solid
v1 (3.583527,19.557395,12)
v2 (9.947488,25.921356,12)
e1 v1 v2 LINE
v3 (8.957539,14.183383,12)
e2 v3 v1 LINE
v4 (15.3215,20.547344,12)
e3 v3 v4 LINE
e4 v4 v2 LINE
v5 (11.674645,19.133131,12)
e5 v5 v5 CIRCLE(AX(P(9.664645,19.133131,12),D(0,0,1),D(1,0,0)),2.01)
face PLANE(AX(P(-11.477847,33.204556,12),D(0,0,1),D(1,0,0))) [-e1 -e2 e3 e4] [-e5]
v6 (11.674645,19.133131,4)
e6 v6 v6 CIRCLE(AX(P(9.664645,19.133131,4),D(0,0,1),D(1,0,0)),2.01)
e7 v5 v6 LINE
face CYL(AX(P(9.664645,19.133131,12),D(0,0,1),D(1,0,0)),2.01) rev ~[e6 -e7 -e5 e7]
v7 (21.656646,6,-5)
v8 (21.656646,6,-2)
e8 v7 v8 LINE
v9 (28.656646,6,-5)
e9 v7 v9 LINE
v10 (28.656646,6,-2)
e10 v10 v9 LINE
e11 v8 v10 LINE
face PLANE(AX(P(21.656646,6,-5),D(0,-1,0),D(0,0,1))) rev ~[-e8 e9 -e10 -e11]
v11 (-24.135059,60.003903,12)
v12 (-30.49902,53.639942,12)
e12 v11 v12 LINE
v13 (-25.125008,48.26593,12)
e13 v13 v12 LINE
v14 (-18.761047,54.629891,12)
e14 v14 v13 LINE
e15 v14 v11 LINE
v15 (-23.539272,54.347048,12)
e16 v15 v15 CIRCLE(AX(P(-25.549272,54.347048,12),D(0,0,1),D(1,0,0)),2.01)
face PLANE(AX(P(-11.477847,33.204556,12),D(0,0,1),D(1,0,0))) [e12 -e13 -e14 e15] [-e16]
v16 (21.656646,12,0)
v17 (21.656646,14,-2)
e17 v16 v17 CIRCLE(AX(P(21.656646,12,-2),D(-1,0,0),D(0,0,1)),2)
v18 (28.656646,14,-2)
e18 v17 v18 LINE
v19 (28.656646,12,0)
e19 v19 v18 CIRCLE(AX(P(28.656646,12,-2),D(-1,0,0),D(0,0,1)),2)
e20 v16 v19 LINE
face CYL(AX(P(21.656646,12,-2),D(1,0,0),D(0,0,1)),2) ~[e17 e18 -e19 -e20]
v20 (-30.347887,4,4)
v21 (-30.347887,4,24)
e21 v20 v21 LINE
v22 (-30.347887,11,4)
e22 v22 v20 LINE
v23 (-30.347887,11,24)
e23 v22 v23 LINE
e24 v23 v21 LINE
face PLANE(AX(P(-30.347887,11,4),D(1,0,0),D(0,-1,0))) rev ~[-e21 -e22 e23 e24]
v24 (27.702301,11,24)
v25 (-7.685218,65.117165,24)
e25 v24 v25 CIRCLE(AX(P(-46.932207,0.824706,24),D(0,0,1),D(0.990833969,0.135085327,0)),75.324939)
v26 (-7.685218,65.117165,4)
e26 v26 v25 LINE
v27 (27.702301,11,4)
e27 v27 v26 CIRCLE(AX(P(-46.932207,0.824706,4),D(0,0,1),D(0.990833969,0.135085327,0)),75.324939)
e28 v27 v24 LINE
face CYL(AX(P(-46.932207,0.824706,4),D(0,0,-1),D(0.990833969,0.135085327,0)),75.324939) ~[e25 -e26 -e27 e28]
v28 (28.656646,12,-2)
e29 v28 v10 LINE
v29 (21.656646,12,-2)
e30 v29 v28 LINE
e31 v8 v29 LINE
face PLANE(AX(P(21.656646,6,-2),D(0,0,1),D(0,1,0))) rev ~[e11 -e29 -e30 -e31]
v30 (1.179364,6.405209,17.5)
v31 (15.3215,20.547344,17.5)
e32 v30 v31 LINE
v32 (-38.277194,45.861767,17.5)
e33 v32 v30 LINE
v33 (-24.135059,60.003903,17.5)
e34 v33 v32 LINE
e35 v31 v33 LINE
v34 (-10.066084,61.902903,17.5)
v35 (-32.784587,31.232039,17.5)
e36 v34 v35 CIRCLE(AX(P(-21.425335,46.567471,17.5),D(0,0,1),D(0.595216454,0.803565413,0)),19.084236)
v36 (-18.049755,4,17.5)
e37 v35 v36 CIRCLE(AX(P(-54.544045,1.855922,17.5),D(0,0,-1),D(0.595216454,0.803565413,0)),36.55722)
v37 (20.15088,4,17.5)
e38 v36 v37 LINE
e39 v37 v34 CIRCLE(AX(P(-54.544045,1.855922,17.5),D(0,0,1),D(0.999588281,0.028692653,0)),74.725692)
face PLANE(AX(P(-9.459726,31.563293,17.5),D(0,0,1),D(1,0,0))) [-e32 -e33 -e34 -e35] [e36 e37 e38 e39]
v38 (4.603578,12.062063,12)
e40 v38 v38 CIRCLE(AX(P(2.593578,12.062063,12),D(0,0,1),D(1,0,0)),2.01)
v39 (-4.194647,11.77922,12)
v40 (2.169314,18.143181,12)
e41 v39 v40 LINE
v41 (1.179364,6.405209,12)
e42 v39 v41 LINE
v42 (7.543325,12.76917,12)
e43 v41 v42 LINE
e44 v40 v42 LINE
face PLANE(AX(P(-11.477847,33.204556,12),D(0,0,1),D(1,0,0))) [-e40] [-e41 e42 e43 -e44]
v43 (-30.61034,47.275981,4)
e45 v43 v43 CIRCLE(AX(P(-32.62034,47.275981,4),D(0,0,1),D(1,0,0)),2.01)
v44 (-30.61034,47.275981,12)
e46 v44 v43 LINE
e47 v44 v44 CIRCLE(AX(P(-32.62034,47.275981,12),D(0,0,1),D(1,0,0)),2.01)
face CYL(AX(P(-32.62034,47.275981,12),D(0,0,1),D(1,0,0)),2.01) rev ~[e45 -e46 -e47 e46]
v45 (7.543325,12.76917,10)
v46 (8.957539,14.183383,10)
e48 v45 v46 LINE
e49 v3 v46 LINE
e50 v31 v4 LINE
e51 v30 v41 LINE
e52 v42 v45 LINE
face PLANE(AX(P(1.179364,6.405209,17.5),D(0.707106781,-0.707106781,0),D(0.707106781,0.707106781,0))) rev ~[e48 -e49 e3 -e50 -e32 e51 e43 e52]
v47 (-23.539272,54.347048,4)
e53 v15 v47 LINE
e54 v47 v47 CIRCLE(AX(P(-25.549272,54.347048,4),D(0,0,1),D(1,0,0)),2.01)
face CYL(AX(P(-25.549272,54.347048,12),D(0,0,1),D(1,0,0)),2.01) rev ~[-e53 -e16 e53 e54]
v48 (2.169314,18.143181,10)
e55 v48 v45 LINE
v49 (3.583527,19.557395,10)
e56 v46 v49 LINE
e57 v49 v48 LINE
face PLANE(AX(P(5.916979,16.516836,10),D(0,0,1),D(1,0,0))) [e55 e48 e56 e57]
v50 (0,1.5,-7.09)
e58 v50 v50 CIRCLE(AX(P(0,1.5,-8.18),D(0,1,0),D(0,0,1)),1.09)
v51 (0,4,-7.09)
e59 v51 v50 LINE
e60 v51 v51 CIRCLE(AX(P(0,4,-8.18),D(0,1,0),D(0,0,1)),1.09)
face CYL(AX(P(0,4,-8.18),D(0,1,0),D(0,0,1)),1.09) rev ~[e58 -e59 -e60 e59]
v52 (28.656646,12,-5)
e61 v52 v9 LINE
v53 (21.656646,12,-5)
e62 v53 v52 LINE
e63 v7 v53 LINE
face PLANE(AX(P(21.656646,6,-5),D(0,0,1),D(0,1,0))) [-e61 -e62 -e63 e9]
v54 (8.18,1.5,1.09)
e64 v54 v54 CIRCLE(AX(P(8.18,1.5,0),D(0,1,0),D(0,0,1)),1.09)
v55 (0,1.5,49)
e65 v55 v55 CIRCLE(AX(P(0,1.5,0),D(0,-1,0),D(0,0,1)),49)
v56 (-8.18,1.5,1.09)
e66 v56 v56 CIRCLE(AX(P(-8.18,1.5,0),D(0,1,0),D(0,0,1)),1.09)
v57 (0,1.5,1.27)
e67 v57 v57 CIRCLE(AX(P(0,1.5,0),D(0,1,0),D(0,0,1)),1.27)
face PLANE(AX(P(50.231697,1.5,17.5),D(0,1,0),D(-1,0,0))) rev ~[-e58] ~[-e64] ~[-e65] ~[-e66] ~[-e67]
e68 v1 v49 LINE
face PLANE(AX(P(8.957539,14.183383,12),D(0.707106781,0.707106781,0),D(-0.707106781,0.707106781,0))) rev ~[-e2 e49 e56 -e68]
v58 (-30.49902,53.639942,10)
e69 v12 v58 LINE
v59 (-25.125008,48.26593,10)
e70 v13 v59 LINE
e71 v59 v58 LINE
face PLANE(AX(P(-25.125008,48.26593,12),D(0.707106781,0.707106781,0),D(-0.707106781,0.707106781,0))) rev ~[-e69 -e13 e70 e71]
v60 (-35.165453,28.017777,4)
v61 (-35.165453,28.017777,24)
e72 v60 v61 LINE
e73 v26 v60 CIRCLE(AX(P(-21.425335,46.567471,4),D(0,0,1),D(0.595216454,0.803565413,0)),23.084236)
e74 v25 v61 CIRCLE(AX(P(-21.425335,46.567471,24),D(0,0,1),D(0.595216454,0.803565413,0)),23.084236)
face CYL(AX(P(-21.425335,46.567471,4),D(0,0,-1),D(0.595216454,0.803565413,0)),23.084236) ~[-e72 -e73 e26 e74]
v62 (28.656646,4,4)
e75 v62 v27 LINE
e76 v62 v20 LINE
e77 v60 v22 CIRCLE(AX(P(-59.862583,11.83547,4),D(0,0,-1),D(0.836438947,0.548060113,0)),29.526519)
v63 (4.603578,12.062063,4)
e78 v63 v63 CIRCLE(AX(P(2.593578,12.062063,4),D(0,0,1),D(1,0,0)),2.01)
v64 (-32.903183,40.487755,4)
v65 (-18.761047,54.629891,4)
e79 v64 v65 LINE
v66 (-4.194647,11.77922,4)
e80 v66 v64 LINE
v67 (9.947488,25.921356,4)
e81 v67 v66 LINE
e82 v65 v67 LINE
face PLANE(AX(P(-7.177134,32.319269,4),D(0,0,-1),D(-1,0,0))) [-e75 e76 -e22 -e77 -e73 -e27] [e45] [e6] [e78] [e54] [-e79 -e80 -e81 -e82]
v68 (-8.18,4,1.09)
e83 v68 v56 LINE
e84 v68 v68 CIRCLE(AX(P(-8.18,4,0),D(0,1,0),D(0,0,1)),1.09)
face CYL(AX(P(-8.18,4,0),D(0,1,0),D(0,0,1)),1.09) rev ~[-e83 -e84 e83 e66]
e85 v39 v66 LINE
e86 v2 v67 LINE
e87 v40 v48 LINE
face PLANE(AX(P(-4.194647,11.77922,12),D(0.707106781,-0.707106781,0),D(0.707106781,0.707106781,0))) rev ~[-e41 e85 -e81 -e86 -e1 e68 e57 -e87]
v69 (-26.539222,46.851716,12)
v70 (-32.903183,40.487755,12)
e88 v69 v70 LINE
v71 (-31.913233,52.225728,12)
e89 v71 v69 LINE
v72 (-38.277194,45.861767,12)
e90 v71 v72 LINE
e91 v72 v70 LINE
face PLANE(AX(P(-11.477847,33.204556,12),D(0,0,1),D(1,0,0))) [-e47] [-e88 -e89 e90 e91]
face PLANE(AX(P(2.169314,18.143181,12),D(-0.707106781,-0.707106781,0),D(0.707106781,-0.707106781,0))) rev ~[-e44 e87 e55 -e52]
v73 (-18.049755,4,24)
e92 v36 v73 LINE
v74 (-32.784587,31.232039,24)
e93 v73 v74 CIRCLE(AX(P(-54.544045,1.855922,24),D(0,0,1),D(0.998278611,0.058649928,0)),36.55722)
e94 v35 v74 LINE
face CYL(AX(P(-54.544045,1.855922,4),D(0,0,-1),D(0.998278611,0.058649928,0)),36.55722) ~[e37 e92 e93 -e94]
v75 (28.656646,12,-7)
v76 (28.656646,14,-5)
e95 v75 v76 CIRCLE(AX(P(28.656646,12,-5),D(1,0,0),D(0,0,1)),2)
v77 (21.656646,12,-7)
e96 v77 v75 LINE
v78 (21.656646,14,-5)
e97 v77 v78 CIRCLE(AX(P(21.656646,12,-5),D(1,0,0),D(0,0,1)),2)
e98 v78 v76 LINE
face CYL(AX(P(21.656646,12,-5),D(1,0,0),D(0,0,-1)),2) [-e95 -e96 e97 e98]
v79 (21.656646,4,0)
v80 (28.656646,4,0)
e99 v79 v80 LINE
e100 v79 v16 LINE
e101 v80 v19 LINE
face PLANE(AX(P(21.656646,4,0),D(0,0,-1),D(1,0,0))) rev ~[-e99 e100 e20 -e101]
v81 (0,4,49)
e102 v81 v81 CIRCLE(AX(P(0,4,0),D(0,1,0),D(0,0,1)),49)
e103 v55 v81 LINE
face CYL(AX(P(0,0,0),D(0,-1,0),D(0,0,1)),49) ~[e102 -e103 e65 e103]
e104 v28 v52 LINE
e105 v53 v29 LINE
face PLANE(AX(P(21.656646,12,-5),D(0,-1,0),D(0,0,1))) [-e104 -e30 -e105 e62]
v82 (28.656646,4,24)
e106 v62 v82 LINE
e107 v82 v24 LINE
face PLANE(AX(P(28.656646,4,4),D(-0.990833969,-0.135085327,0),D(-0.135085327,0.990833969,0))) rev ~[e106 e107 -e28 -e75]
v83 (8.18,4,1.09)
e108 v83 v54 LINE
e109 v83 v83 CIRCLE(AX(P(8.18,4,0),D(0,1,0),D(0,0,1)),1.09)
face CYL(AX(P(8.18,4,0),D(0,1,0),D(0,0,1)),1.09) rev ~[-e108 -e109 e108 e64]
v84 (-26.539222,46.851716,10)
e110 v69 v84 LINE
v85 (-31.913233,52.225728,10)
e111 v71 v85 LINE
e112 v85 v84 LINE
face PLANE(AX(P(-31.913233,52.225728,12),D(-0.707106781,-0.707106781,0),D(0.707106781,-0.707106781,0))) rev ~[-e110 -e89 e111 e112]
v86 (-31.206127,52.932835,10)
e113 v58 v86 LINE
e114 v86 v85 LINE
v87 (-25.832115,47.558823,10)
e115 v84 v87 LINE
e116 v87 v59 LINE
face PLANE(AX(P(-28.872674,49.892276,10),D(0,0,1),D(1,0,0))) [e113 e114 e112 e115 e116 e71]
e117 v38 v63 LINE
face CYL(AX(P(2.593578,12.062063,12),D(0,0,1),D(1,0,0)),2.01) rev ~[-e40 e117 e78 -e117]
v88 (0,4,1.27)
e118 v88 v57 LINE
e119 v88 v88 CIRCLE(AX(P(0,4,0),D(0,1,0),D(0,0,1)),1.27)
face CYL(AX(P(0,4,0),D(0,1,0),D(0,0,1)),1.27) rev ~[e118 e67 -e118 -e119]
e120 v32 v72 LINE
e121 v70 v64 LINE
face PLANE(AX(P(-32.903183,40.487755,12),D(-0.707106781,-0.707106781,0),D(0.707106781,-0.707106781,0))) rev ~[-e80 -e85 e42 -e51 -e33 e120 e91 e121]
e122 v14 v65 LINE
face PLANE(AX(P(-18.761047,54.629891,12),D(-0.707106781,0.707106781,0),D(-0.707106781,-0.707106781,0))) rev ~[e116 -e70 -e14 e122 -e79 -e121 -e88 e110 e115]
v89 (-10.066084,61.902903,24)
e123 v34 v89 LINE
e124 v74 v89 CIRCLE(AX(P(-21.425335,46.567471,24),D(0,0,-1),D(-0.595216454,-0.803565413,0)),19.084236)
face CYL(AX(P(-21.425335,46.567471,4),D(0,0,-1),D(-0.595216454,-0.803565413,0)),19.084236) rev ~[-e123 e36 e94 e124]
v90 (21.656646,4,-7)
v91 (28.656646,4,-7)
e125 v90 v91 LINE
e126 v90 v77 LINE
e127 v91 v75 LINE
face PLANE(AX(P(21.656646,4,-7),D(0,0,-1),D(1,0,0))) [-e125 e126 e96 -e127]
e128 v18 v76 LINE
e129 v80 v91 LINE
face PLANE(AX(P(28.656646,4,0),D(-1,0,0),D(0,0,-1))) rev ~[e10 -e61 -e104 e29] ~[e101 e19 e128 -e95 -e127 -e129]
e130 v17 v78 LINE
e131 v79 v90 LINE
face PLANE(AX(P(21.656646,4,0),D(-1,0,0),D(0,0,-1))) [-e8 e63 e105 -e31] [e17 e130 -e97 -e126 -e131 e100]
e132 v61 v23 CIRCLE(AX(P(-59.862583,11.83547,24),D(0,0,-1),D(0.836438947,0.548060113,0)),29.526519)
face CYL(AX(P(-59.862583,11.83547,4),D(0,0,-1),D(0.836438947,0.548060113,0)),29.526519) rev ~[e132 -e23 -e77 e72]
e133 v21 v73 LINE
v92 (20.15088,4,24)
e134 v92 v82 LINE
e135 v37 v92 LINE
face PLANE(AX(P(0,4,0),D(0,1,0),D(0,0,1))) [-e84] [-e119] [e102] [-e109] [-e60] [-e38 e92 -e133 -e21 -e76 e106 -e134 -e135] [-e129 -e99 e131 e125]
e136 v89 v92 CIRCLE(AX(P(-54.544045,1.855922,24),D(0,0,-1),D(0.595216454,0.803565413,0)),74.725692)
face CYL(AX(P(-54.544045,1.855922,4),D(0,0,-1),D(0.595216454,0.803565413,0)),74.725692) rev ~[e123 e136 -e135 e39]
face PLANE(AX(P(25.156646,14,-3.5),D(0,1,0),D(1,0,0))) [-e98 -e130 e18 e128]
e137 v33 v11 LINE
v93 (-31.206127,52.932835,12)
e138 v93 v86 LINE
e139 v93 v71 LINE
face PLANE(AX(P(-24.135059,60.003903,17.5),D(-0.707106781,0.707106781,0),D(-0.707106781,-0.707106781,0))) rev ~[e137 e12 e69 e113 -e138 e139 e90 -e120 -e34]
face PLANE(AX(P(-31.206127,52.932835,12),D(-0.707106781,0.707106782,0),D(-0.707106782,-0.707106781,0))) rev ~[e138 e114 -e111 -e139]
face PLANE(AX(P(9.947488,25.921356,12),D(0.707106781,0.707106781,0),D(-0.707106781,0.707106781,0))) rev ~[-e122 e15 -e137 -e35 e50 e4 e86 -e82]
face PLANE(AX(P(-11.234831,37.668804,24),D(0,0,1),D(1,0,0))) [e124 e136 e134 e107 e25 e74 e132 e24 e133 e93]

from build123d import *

# Parameters (mm, degrees)
SKETCH1_R           = 49
BOSS_EXTRUDE1_DEPTH = 4
BOSS_EXTRUDE2_DEPTH = 20
BOSS_EXTRUDE3_DEPTH = 13.5
SKETCH3_4_R         = 6
BOSS_EXTRUDE4_DEPTH = 13.5
CUT_EXTRUDE5_DEPTH  = 5.5
CUT_EXTRUDE6_DEPTH  = 9
SKETCH11_W          = 7
SKETCH11_H          = 7
BOSS_EXTRUDE5_DEPTH = 10
CUT_EXTRUDE9_REACH  = 112.656
SKETCH12_W          = 3
SKETCH12_H          = 6
FILLET1_R           = 2
CUT_EXTRUDE10_REACH = 97.458
SKETCH13_R          = 1.27
CUT_EXTRUDE11_DEPTH = 95
CUT_EXTRUDE12_DEPTH = 2
CUT_EXTRUDE13_DEPTH = 2
CUT_EXTRUDE14_REACH = 97.458
SKETCH17_R          = 1.09
CUT_EXTRUDE15_REACH = 106.754
SKETCH18_R          = 2.01


with BuildPart() as part:
    # Sketch1 → Boss-Extrude1 (new body)
    with BuildSketch(Plane(origin=(0, 0, 0), x_dir=(1, 0, 0), z_dir=(0, 1, 0))):
        with Locations(Location((0, 0, 0), (0, 0, 270))):
            Circle(SKETCH1_R)
    extrude(amount=BOSS_EXTRUDE1_DEPTH)

    # Sketch3 → Boss-Extrude2 (add)
    with BuildSketch(Plane.XY.offset(4)):
        with BuildLine():
            Line((-30.347886599, 11), (-30.347886599, 4))
            Line((-30.347886599, 4), (-18.049754955, 4))
            ThreePointArc((-18.049754955, 4), (-22.391739007, 19.253033546), (-32.784586802, 31.232039038))
            ThreePointArc((-32.784586802, 31.232039038), (-36.760767526, 57.926722426), (-10.066084138, 61.902903149))
            ThreePointArc((-10.066084138, 61.902903149), (11.703451168, 36.427560581), (20.150880429, 4))
            Line((20.150880429, 4), (28.656645727, 4))
            Line((28.656645727, 4), (27.702300884, 11))
            ThreePointArc((27.702300884, 11), (16.110760067, 42.048857672), (-7.685218322, 65.117164801))
            ThreePointArc((-7.685218322, 65.117164801), (-39.975029178, 60.307588242), (-35.165452618, 28.017777386))
            ThreePointArc((-35.165452618, 28.017777386), (-31.452519142, 19.87808091), (-30.347886599, 11))
        make_face()
    extrude(amount=BOSS_EXTRUDE2_DEPTH)

    # Sketch3<3> → Boss-Extrude3 (add)
    with BuildSketch(Plane.XY.offset(4)):
        with BuildLine():
            ThreePointArc((-32.784586802, 31.232039038), (-22.391739007, 19.253033546), (-18.049754955, 4))
            Line((-18.049754955, 4), (20.150880429, 4))
            ThreePointArc((20.150880429, 4), (11.703451168, 36.427560581), (-10.066084138, 61.902903149))
            ThreePointArc((-10.066084138, 61.902903149), (-36.760767526, 57.926722426), (-32.784586802, 31.232039038))
        make_face()
        Polygon((14.142135624, 25.142135624), (0, 11), (-28.496403282, 39.496403282), (-14.354267658, 53.638538906), align=None, mode=Mode.SUBTRACT)
    extrude(amount=BOSS_EXTRUDE3_DEPTH)

    # Sketch3<4> → Boss-Extrude4 (add)
    # profile 1 of 2: a face of its own
    with BuildSketch(Plane.XY.offset(4)):
        Polygon((-28.496403282, 39.496403282), (-14.354267658, 53.638538906), (14.142135624, 25.142135624), (0, 11), align=None)
        with Locations((-14.297699116, 39.439834739)):
            Circle(SKETCH3_4_R, mode=Mode.SUBTRACT)
    # profile 2 of 2: a face of its own
    with BuildSketch(Plane.XY.offset(4)):
        with Locations((-14.297699116, 39.439834739)):
            Circle(SKETCH3_4_R)
    extrude(amount=BOSS_EXTRUDE4_DEPTH)

    # Sketch5 → Cut-Extrude5 (cut)
    with BuildSketch(Plane.XY.offset(17.5)):
        Polygon((15.321499667, 20.547344219), (-24.135058723, 60.003902609), (-38.277194347, 45.861766985), (1.179364043, 6.405208595), align=None)
    extrude(amount=-CUT_EXTRUDE5_DEPTH, mode=Mode.SUBTRACT)

    # Sketch8 → Cut-Extrude6 (cut)
    with BuildSketch(Plane.XY.offset(12)):
        Polygon((-18.761047186, 54.629891072), (-32.90318281, 40.487755448), (-4.194647494, 11.779220132), (9.94748813, 25.921355756), align=None)
    extrude(amount=-CUT_EXTRUDE6_DEPTH, mode=Mode.SUBTRACT)

    # Sketch11 → Boss-Extrude5 (add)
    with BuildSketch(Plane(origin=(0, 4, 0), x_dir=(1, 0, 0), z_dir=(0, 1, 0))):
        with Locations((25.156645727, 3.5)):
            Rectangle(SKETCH11_W, SKETCH11_H)
    extrude(amount=BOSS_EXTRUDE5_DEPTH)

    # Sketch12 → Cut-Extrude9 (cut, up to next)
    with BuildSketch(Plane.ZY.offset(-21.656645727), mode=Mode.PRIVATE) as cut_extrude9_sk1:
        with Locations((-3.5, 9)):
            Rectangle(SKETCH12_W, SKETCH12_H)
    cut_extrude9_tool1 = extrude(cut_extrude9_sk1.sketch, amount=-CUT_EXTRUDE9_REACH, mode=Mode.PRIVATE) & part.part
    add(cut_extrude9_tool1.solids().sort_by_distance((21.656646, 9, -3.5))[0], mode=Mode.SUBTRACT)

    # Fillet1
    fillet1_edges = [part.edges().sort_by_distance(p)[0] for p in [
        (25.156645727, 14, 0),
        (25.156645727, 14, -7),
    ]]
    fillet(fillet1_edges, radius=FILLET1_R)

    # Sketch13 → Cut-Extrude10 (cut, up to next)
    with BuildSketch(Plane(origin=(0, 4, 0), x_dir=(1, 0, 0), z_dir=(0, 1, 0)), mode=Mode.PRIVATE) as cut_extrude10_sk1:
        with Locations(Location((0, 0, 0), (0, 0, 270))):
            Circle(SKETCH13_R)
    cut_extrude10_tool1 = extrude(cut_extrude10_sk1.sketch, amount=-CUT_EXTRUDE10_REACH, mode=Mode.PRIVATE) & part.part
    add(cut_extrude10_tool1.solids().sort_by_distance((0, 4, 0))[0], mode=Mode.SUBTRACT)

    # Sketch14 → Cut-Extrude11 (cut, symmetric)
    with BuildSketch(Plane.XY.offset(17.5)):
        Polygon((-49, 1.5), (50.231696903, 1.5), (50.231696903, 0), (-50.303866734, 0), (-50.303866734, 1.5), align=None)
    extrude(amount=CUT_EXTRUDE11_DEPTH, both=True, mode=Mode.SUBTRACT)

    # Sketch16 → Cut-Extrude12 (cut)
    with BuildSketch(Plane.XY.offset(12)):
        Polygon((3.583527099, 19.557394725), (2.876420318, 18.850287944), (8.250431855, 13.476276407), (8.957538636, 14.183383188), align=None)
        Polygon((8.250431855, 13.476276407), (2.876420318, 18.850287944), (2.169313537, 18.143181163), (7.543325074, 12.769169626), align=None)
    extrude(amount=-CUT_EXTRUDE12_DEPTH, mode=Mode.SUBTRACT)

    # Sketch16<3> → Cut-Extrude13 (cut)
    with BuildSketch(Plane.XY.offset(12)):
        Polygon((-25.832114998, 47.55882326), (-31.206126535, 52.932834797), (-31.913233317, 52.225728016), (-26.53922178, 46.851716479), align=None)
        Polygon((-30.499019754, 53.639941578), (-31.206126535, 52.932834797), (-25.832114998, 47.55882326), (-25.125008217, 48.265930041), align=None)
    extrude(amount=-CUT_EXTRUDE13_DEPTH, mode=Mode.SUBTRACT)

    # Sketch17 → Cut-Extrude14 (cut, up to next)
    with BuildSketch(Plane(origin=(0, 4, 0), x_dir=(1, 0, 0), z_dir=(0, 1, 0)), mode=Mode.PRIVATE) as cut_extrude14_sk1:
        with Locations(Location((8.18, 0, 0), (0, 0, 270))):
            Circle(SKETCH17_R)
    cut_extrude14_tool1 = extrude(cut_extrude14_sk1.sketch, amount=-CUT_EXTRUDE14_REACH, mode=Mode.PRIVATE) & part.part
    # Sketch17 → Cut-Extrude14 (cut, up to next)
    with BuildSketch(Plane(origin=(0, 4, 0), x_dir=(1, 0, 0), z_dir=(0, 1, 0)), mode=Mode.PRIVATE) as cut_extrude14_sk2:
        with Locations(Location((-8.18, 0, 0), (0, 0, 270))):
            Circle(SKETCH17_R)
    cut_extrude14_tool2 = extrude(cut_extrude14_sk2.sketch, amount=-CUT_EXTRUDE14_REACH, mode=Mode.PRIVATE) & part.part
    # Sketch17 → Cut-Extrude14 (cut, up to next)
    with BuildSketch(Plane(origin=(0, 4, 0), x_dir=(1, 0, 0), z_dir=(0, 1, 0)), mode=Mode.PRIVATE) as cut_extrude14_sk3:
        with Locations(Location((0, 8.18, 0), (0, 0, 270))):
            Circle(SKETCH17_R)
    cut_extrude14_tool3 = extrude(cut_extrude14_sk3.sketch, amount=-CUT_EXTRUDE14_REACH, mode=Mode.PRIVATE) & part.part
    add(cut_extrude14_tool1.solids().sort_by_distance((8.18, 4, 0))[0], mode=Mode.SUBTRACT)
    add(cut_extrude14_tool2.solids().sort_by_distance((-8.18, 4, 0))[0], mode=Mode.SUBTRACT)
    add(cut_extrude14_tool3.solids().sort_by_distance((0, 4, -8.18))[0], mode=Mode.SUBTRACT)

    # Sketch18 → Cut-Extrude15 (cut, up to next)
    with BuildSketch(Plane.XY.offset(12), mode=Mode.PRIVATE) as cut_extrude15_sk1:
        with Locations((2.593577605, 12.062062844)):
            Circle(SKETCH18_R)
    cut_extrude15_tool1 = extrude(cut_extrude15_sk1.sketch, amount=-CUT_EXTRUDE15_REACH, mode=Mode.PRIVATE) & part.part
    # Sketch18 → Cut-Extrude15 (cut, up to next)
    with BuildSketch(Plane.XY.offset(12), mode=Mode.PRIVATE) as cut_extrude15_sk2:
        with Locations((9.664645417, 19.133130656)):
            Circle(SKETCH18_R)
    cut_extrude15_tool2 = extrude(cut_extrude15_sk2.sketch, amount=-CUT_EXTRUDE15_REACH, mode=Mode.PRIVATE) & part.part
    # Sketch18 → Cut-Extrude15 (cut, up to next)
    with BuildSketch(Plane.XY.offset(12), mode=Mode.PRIVATE) as cut_extrude15_sk3:
        with Locations((-32.620340098, 47.275980548)):
            Circle(SKETCH18_R)
    cut_extrude15_tool3 = extrude(cut_extrude15_sk3.sketch, amount=-CUT_EXTRUDE15_REACH, mode=Mode.PRIVATE) & part.part
    # Sketch18 → Cut-Extrude15 (cut, up to next)
    with BuildSketch(Plane.XY.offset(12), mode=Mode.PRIVATE) as cut_extrude15_sk4:
        with Locations((-25.549272286, 54.347048359)):
            Circle(SKETCH18_R)
    cut_extrude15_tool4 = extrude(cut_extrude15_sk4.sketch, amount=-CUT_EXTRUDE15_REACH, mode=Mode.PRIVATE) & part.part
    add(cut_extrude15_tool1.solids().sort_by_distance((2.593578, 12.062063, 12))[0], mode=Mode.SUBTRACT)
    add(cut_extrude15_tool2.solids().sort_by_distance((9.664645, 19.133131, 12))[0], mode=Mode.SUBTRACT)
    add(cut_extrude15_tool3.solids().sort_by_distance((-32.62034, 47.275981, 12))[0], mode=Mode.SUBTRACT)
    add(cut_extrude15_tool4.solids().sort_by_distance((-25.549272, 54.347048, 12))[0], mode=Mode.SUBTRACT)


solid = part.part
